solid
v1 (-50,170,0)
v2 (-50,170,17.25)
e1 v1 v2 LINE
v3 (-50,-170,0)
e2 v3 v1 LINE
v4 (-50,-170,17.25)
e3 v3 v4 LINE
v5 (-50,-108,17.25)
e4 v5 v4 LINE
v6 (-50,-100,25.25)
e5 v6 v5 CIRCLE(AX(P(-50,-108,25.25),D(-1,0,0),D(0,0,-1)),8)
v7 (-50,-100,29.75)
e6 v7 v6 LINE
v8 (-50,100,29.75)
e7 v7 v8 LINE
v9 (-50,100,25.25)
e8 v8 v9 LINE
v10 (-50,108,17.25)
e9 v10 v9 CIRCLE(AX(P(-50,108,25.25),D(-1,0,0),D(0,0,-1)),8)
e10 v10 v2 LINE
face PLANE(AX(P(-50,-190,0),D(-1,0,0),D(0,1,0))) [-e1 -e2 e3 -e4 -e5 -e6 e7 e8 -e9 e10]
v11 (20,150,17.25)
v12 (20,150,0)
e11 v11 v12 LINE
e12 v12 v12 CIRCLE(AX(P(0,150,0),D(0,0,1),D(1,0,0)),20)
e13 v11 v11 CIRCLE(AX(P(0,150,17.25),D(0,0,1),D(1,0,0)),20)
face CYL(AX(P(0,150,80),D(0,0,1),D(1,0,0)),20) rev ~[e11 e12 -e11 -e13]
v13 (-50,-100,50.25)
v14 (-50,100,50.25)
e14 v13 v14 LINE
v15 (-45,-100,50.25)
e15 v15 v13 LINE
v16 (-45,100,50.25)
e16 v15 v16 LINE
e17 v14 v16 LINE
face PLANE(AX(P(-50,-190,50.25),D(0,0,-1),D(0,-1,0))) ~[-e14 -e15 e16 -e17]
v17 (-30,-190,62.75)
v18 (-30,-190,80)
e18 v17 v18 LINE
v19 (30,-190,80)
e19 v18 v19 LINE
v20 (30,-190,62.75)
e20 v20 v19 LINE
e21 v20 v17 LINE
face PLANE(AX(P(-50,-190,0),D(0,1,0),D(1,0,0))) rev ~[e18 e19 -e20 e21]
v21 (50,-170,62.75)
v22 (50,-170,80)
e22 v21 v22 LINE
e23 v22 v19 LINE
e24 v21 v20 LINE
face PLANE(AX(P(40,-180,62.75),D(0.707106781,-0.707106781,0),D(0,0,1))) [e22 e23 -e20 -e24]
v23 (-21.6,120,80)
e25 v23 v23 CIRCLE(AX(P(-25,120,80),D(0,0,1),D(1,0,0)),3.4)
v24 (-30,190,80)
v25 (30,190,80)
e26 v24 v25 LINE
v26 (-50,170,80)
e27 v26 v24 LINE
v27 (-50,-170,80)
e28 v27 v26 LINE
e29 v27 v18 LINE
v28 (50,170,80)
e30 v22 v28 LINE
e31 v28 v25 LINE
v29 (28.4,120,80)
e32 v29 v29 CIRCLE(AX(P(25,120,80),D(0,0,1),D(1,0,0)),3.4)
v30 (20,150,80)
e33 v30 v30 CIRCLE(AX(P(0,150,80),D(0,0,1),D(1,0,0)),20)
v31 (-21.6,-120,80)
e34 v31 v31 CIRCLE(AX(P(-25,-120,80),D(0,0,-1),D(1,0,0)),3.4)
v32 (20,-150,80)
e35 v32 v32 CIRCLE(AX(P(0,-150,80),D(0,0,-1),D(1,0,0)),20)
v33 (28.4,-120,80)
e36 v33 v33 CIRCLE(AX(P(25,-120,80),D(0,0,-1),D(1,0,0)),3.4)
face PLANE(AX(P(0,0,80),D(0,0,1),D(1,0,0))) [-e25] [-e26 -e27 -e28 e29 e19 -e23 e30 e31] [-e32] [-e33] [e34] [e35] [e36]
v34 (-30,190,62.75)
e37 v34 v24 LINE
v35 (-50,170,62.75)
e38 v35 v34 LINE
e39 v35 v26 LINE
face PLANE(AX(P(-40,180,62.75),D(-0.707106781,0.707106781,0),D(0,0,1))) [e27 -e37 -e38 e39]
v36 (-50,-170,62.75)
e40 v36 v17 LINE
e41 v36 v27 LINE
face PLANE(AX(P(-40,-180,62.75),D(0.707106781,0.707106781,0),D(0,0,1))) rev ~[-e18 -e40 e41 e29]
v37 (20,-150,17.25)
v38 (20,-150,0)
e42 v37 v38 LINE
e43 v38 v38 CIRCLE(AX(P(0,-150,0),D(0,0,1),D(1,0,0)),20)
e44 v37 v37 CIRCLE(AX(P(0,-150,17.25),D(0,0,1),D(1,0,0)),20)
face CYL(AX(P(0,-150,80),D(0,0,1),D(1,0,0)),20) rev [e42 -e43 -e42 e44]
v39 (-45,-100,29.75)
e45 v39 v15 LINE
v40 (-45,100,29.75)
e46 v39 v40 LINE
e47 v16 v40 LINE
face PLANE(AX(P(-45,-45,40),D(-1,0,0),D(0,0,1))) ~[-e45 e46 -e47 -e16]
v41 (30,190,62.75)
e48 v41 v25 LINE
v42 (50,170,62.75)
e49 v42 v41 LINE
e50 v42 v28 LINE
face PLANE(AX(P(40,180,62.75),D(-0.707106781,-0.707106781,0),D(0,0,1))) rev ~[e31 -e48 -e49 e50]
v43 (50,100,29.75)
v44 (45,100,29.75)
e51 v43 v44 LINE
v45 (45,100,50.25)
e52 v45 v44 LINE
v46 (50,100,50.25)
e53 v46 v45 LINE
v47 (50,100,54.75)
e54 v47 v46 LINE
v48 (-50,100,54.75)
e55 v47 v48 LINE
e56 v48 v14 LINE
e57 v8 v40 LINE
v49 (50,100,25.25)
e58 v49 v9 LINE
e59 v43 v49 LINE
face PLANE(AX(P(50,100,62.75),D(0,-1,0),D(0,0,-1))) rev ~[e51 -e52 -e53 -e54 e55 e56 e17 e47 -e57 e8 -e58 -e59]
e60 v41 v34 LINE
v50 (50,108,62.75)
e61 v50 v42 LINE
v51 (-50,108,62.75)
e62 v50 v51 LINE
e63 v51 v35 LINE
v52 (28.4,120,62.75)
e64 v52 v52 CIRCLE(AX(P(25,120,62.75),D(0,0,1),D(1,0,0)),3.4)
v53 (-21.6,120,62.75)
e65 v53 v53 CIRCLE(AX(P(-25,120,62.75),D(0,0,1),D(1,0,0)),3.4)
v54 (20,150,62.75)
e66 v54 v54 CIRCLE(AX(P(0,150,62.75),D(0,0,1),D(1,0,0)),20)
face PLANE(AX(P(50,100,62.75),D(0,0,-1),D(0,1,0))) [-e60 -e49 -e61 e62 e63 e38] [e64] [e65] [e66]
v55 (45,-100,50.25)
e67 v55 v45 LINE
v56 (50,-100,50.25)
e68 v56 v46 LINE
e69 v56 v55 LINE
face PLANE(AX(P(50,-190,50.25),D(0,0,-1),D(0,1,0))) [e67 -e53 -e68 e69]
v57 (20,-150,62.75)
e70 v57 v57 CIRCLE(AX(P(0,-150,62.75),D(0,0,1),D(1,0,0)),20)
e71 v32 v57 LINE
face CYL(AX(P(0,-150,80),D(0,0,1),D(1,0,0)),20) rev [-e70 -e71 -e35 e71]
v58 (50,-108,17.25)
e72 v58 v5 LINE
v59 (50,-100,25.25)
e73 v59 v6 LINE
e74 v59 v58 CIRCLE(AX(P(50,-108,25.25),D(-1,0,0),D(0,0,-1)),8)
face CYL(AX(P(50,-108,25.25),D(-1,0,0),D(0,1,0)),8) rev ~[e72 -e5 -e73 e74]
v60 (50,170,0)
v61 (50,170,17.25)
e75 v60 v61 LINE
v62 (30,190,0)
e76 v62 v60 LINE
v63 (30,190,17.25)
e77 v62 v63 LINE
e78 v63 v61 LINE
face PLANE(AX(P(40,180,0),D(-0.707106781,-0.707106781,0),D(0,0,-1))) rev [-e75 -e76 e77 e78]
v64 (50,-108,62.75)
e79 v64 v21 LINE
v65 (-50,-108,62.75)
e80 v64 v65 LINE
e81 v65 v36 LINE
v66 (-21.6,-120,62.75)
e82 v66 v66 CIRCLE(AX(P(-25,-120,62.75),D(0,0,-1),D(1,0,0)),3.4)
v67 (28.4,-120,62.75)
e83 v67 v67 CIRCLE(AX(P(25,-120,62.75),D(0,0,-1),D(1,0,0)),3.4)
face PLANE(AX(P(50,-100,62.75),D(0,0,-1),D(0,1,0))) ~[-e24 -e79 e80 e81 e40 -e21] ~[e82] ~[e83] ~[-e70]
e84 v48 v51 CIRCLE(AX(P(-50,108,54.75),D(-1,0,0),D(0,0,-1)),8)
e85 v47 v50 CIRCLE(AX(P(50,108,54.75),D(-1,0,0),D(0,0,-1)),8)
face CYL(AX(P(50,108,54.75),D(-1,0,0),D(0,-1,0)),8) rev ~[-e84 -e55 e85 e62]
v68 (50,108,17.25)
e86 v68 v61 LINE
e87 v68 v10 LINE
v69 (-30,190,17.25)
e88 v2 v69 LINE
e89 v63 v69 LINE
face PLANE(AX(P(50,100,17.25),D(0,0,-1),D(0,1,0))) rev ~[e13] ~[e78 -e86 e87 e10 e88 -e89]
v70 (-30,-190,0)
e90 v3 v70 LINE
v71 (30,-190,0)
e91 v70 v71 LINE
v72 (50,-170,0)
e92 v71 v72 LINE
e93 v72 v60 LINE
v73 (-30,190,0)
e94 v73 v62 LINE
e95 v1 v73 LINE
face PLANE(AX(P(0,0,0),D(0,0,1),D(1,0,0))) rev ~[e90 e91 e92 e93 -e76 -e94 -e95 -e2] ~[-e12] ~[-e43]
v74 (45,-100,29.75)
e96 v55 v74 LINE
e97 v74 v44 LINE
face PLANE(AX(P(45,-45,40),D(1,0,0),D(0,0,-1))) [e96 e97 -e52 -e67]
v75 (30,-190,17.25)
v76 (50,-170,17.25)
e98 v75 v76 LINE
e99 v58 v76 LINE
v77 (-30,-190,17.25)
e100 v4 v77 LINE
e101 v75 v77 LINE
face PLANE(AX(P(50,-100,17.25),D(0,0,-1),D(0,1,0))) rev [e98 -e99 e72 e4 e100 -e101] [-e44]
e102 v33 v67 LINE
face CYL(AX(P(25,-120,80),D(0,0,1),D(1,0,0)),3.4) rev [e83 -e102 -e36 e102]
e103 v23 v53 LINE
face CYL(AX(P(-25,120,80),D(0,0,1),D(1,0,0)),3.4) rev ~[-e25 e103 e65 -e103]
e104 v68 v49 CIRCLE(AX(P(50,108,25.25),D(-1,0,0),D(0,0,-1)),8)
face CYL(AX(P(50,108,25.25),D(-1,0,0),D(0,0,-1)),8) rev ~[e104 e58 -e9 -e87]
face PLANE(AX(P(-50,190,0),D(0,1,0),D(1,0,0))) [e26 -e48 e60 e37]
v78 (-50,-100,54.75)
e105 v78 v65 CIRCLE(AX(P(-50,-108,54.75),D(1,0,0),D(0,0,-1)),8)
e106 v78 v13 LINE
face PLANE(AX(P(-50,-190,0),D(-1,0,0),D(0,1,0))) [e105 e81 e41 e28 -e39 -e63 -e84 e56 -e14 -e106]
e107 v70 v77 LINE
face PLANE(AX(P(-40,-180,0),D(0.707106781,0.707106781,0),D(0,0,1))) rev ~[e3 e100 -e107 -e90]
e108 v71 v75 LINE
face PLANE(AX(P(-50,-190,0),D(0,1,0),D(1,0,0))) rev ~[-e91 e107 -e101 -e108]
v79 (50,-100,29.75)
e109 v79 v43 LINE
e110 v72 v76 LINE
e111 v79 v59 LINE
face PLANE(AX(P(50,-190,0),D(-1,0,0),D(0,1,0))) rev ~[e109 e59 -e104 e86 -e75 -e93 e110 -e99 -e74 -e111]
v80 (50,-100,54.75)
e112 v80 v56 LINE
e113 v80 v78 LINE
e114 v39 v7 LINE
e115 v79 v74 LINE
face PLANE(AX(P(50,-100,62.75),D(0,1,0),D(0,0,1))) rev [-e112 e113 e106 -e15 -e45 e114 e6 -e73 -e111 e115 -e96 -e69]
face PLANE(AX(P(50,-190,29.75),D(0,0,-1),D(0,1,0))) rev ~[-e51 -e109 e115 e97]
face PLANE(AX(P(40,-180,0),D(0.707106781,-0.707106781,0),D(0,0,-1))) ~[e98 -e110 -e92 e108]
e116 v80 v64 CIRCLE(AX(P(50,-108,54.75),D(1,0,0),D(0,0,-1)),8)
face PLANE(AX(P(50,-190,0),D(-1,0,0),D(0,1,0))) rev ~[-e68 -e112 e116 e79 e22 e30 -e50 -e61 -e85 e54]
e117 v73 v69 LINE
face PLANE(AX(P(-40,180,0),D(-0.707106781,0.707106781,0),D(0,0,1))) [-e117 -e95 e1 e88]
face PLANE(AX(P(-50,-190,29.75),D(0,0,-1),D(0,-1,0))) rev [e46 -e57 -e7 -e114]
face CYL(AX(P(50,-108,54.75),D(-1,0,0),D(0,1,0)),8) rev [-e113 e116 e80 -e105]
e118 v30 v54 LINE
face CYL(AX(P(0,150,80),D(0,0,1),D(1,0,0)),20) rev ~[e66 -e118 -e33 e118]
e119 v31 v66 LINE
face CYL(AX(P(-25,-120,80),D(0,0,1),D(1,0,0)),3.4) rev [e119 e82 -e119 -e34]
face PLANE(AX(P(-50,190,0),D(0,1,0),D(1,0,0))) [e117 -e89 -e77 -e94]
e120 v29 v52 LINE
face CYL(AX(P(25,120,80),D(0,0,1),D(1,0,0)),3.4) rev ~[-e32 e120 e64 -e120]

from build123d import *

# Parameters (mm, degrees)
SKETCH_1_W              = 100
SKETCH_1_H              = 380
EXTRUDE_1_DEPTH         = 80
CUT_EXTRUDE_1_REACH     = 231.129
SKETCH_2_W              = 45.5
SKETCH_2_H              = 90
SKETCH_3_W              = 20.5
SKETCH_3_H              = 290
CUT_EXTRUDE_2_DEPTH     = 5
SKETCH_4_R              = 20
CUT_EXTRUDE_3_DEPTH     = 213.132034356
HOLE_WIZARD_M8_1_REACH  = 214.132
HOLE_WIZARD_M8_1_BORE_R = 3.4
FILLET_1_R              = 8
CHAMFER_1_SIZE          = 20


with BuildPart() as part:
    # 草图1 → 凸台-拉伸1 (new body)
    with BuildSketch(Plane.XY):
        Rectangle(SKETCH_1_W, SKETCH_1_H)
    extrude(amount=EXTRUDE_1_DEPTH)

    # 草图2 → 切除-拉伸1 (cut, up to next)
    with BuildSketch(Plane(origin=(50, 0, 0), x_dir=(0, 0, -1), z_dir=(1, 0, 0)), mode=Mode.PRIVATE) as cut_extrude_1_sk1:
        with Locations((-40, 145)):
            Rectangle(SKETCH_2_W, SKETCH_2_H)
    cut_extrude_1_tool1 = extrude(cut_extrude_1_sk1.sketch, amount=-CUT_EXTRUDE_1_REACH, mode=Mode.PRIVATE) & part.part
    cut_extrude_1 = cut_extrude_1_tool1.solids().sort_by_distance((50, 145, 40))[0]
    add(cut_extrude_1, mode=Mode.SUBTRACT)

    # 草图3 → 切除-拉伸2 (cut)
    with BuildSketch(Plane(origin=(50, 0, 0), x_dir=(0, 0, -1), z_dir=(1, 0, 0))):
        with Locations((-40, -45)):
            Rectangle(SKETCH_3_W, SKETCH_3_H)
    cut_extrude_2 = extrude(amount=-CUT_EXTRUDE_2_DEPTH, mode=Mode.SUBTRACT)

    # 镜向1: 切除-拉伸1 across plane
    add(cut_extrude_1.mirror(Plane.ZX), mode=Mode.SUBTRACT)

    # 镜向2: 切除-拉伸2 across plane
    add(cut_extrude_2.mirror(Plane(origin=(0, 0, 0), x_dir=(0, 0, 1), z_dir=(1, 0, 0))), mode=Mode.SUBTRACT)

    # 草图4 → 切除-拉伸3 (cut, through all)
    with BuildSketch(Plane.XY.offset(80)):
        with Locations((0, 150)):
            Circle(SKETCH_4_R)
    cut_extrude_3 = extrude(amount=-CUT_EXTRUDE_3_DEPTH, mode=Mode.SUBTRACT)

    # 镜向3: 切除-拉伸3 across plane
    add(cut_extrude_3.mirror(Plane.ZX), mode=Mode.SUBTRACT)

    # M8 螺纹孔1 bore → M8 螺纹孔1 (cut, up to next)
    with BuildSketch(Plane.XY.offset(80), mode=Mode.PRIVATE) as hole_wizard_m8_1_sk1:
        with Locations((-25, 120)):
            Circle(HOLE_WIZARD_M8_1_BORE_R)
    hole_wizard_m8_1_tool1 = extrude(hole_wizard_m8_1_sk1.sketch, amount=-HOLE_WIZARD_M8_1_REACH, mode=Mode.PRIVATE) & part.part
    # M8 螺纹孔1 bore → M8 螺纹孔1 (cut, up to next)
    with BuildSketch(Plane.XY.offset(80), mode=Mode.PRIVATE) as hole_wizard_m8_1_sk2:
        with Locations((25, 120)):
            Circle(HOLE_WIZARD_M8_1_BORE_R)
    hole_wizard_m8_1_tool2 = extrude(hole_wizard_m8_1_sk2.sketch, amount=-HOLE_WIZARD_M8_1_REACH, mode=Mode.PRIVATE) & part.part
    hole_wizard_m8_1_1 = hole_wizard_m8_1_tool1.solids().sort_by_distance((-25, 120, 80))[0]
    add(hole_wizard_m8_1_1, mode=Mode.SUBTRACT)
    hole_wizard_m8_1_2 = hole_wizard_m8_1_tool2.solids().sort_by_distance((25, 120, 80))[0]
    add(hole_wizard_m8_1_2, mode=Mode.SUBTRACT)
    hole_wizard_m8_1 = hole_wizard_m8_1_1 + hole_wizard_m8_1_2  # M8 螺纹孔1 as one shape, for the pattern or mirror that repeats it

    # 镜向4: M8 螺纹孔1 across plane
    add(hole_wizard_m8_1.mirror(Plane.ZX), mode=Mode.SUBTRACT)

    # 圆角1
    fillet_1_edges = [part.edges().sort_by_distance(p)[0] for p in [
        (0, 100, 17.25),
        (0, 100, 62.75),
        (0, -100, 62.75),
        (0, -100, 17.25),
    ]]
    fillet(fillet_1_edges, radius=FILLET_1_R)

    # 倒角1
    chamfer_1_edges = [part.edges().sort_by_distance(p)[0] for p in [
        (-50, 190, 8.625),
        (50, 190, 8.625),
        (50, -190, 8.625),
        (-50, -190, 8.625),
        (-50, 190, 71.375),
        (50, 190, 71.375),
        (50, -190, 71.375),
        (-50, -190, 71.375),
    ]]
    chamfer(chamfer_1_edges, length=CHAMFER_1_SIZE)


solid = part.part
